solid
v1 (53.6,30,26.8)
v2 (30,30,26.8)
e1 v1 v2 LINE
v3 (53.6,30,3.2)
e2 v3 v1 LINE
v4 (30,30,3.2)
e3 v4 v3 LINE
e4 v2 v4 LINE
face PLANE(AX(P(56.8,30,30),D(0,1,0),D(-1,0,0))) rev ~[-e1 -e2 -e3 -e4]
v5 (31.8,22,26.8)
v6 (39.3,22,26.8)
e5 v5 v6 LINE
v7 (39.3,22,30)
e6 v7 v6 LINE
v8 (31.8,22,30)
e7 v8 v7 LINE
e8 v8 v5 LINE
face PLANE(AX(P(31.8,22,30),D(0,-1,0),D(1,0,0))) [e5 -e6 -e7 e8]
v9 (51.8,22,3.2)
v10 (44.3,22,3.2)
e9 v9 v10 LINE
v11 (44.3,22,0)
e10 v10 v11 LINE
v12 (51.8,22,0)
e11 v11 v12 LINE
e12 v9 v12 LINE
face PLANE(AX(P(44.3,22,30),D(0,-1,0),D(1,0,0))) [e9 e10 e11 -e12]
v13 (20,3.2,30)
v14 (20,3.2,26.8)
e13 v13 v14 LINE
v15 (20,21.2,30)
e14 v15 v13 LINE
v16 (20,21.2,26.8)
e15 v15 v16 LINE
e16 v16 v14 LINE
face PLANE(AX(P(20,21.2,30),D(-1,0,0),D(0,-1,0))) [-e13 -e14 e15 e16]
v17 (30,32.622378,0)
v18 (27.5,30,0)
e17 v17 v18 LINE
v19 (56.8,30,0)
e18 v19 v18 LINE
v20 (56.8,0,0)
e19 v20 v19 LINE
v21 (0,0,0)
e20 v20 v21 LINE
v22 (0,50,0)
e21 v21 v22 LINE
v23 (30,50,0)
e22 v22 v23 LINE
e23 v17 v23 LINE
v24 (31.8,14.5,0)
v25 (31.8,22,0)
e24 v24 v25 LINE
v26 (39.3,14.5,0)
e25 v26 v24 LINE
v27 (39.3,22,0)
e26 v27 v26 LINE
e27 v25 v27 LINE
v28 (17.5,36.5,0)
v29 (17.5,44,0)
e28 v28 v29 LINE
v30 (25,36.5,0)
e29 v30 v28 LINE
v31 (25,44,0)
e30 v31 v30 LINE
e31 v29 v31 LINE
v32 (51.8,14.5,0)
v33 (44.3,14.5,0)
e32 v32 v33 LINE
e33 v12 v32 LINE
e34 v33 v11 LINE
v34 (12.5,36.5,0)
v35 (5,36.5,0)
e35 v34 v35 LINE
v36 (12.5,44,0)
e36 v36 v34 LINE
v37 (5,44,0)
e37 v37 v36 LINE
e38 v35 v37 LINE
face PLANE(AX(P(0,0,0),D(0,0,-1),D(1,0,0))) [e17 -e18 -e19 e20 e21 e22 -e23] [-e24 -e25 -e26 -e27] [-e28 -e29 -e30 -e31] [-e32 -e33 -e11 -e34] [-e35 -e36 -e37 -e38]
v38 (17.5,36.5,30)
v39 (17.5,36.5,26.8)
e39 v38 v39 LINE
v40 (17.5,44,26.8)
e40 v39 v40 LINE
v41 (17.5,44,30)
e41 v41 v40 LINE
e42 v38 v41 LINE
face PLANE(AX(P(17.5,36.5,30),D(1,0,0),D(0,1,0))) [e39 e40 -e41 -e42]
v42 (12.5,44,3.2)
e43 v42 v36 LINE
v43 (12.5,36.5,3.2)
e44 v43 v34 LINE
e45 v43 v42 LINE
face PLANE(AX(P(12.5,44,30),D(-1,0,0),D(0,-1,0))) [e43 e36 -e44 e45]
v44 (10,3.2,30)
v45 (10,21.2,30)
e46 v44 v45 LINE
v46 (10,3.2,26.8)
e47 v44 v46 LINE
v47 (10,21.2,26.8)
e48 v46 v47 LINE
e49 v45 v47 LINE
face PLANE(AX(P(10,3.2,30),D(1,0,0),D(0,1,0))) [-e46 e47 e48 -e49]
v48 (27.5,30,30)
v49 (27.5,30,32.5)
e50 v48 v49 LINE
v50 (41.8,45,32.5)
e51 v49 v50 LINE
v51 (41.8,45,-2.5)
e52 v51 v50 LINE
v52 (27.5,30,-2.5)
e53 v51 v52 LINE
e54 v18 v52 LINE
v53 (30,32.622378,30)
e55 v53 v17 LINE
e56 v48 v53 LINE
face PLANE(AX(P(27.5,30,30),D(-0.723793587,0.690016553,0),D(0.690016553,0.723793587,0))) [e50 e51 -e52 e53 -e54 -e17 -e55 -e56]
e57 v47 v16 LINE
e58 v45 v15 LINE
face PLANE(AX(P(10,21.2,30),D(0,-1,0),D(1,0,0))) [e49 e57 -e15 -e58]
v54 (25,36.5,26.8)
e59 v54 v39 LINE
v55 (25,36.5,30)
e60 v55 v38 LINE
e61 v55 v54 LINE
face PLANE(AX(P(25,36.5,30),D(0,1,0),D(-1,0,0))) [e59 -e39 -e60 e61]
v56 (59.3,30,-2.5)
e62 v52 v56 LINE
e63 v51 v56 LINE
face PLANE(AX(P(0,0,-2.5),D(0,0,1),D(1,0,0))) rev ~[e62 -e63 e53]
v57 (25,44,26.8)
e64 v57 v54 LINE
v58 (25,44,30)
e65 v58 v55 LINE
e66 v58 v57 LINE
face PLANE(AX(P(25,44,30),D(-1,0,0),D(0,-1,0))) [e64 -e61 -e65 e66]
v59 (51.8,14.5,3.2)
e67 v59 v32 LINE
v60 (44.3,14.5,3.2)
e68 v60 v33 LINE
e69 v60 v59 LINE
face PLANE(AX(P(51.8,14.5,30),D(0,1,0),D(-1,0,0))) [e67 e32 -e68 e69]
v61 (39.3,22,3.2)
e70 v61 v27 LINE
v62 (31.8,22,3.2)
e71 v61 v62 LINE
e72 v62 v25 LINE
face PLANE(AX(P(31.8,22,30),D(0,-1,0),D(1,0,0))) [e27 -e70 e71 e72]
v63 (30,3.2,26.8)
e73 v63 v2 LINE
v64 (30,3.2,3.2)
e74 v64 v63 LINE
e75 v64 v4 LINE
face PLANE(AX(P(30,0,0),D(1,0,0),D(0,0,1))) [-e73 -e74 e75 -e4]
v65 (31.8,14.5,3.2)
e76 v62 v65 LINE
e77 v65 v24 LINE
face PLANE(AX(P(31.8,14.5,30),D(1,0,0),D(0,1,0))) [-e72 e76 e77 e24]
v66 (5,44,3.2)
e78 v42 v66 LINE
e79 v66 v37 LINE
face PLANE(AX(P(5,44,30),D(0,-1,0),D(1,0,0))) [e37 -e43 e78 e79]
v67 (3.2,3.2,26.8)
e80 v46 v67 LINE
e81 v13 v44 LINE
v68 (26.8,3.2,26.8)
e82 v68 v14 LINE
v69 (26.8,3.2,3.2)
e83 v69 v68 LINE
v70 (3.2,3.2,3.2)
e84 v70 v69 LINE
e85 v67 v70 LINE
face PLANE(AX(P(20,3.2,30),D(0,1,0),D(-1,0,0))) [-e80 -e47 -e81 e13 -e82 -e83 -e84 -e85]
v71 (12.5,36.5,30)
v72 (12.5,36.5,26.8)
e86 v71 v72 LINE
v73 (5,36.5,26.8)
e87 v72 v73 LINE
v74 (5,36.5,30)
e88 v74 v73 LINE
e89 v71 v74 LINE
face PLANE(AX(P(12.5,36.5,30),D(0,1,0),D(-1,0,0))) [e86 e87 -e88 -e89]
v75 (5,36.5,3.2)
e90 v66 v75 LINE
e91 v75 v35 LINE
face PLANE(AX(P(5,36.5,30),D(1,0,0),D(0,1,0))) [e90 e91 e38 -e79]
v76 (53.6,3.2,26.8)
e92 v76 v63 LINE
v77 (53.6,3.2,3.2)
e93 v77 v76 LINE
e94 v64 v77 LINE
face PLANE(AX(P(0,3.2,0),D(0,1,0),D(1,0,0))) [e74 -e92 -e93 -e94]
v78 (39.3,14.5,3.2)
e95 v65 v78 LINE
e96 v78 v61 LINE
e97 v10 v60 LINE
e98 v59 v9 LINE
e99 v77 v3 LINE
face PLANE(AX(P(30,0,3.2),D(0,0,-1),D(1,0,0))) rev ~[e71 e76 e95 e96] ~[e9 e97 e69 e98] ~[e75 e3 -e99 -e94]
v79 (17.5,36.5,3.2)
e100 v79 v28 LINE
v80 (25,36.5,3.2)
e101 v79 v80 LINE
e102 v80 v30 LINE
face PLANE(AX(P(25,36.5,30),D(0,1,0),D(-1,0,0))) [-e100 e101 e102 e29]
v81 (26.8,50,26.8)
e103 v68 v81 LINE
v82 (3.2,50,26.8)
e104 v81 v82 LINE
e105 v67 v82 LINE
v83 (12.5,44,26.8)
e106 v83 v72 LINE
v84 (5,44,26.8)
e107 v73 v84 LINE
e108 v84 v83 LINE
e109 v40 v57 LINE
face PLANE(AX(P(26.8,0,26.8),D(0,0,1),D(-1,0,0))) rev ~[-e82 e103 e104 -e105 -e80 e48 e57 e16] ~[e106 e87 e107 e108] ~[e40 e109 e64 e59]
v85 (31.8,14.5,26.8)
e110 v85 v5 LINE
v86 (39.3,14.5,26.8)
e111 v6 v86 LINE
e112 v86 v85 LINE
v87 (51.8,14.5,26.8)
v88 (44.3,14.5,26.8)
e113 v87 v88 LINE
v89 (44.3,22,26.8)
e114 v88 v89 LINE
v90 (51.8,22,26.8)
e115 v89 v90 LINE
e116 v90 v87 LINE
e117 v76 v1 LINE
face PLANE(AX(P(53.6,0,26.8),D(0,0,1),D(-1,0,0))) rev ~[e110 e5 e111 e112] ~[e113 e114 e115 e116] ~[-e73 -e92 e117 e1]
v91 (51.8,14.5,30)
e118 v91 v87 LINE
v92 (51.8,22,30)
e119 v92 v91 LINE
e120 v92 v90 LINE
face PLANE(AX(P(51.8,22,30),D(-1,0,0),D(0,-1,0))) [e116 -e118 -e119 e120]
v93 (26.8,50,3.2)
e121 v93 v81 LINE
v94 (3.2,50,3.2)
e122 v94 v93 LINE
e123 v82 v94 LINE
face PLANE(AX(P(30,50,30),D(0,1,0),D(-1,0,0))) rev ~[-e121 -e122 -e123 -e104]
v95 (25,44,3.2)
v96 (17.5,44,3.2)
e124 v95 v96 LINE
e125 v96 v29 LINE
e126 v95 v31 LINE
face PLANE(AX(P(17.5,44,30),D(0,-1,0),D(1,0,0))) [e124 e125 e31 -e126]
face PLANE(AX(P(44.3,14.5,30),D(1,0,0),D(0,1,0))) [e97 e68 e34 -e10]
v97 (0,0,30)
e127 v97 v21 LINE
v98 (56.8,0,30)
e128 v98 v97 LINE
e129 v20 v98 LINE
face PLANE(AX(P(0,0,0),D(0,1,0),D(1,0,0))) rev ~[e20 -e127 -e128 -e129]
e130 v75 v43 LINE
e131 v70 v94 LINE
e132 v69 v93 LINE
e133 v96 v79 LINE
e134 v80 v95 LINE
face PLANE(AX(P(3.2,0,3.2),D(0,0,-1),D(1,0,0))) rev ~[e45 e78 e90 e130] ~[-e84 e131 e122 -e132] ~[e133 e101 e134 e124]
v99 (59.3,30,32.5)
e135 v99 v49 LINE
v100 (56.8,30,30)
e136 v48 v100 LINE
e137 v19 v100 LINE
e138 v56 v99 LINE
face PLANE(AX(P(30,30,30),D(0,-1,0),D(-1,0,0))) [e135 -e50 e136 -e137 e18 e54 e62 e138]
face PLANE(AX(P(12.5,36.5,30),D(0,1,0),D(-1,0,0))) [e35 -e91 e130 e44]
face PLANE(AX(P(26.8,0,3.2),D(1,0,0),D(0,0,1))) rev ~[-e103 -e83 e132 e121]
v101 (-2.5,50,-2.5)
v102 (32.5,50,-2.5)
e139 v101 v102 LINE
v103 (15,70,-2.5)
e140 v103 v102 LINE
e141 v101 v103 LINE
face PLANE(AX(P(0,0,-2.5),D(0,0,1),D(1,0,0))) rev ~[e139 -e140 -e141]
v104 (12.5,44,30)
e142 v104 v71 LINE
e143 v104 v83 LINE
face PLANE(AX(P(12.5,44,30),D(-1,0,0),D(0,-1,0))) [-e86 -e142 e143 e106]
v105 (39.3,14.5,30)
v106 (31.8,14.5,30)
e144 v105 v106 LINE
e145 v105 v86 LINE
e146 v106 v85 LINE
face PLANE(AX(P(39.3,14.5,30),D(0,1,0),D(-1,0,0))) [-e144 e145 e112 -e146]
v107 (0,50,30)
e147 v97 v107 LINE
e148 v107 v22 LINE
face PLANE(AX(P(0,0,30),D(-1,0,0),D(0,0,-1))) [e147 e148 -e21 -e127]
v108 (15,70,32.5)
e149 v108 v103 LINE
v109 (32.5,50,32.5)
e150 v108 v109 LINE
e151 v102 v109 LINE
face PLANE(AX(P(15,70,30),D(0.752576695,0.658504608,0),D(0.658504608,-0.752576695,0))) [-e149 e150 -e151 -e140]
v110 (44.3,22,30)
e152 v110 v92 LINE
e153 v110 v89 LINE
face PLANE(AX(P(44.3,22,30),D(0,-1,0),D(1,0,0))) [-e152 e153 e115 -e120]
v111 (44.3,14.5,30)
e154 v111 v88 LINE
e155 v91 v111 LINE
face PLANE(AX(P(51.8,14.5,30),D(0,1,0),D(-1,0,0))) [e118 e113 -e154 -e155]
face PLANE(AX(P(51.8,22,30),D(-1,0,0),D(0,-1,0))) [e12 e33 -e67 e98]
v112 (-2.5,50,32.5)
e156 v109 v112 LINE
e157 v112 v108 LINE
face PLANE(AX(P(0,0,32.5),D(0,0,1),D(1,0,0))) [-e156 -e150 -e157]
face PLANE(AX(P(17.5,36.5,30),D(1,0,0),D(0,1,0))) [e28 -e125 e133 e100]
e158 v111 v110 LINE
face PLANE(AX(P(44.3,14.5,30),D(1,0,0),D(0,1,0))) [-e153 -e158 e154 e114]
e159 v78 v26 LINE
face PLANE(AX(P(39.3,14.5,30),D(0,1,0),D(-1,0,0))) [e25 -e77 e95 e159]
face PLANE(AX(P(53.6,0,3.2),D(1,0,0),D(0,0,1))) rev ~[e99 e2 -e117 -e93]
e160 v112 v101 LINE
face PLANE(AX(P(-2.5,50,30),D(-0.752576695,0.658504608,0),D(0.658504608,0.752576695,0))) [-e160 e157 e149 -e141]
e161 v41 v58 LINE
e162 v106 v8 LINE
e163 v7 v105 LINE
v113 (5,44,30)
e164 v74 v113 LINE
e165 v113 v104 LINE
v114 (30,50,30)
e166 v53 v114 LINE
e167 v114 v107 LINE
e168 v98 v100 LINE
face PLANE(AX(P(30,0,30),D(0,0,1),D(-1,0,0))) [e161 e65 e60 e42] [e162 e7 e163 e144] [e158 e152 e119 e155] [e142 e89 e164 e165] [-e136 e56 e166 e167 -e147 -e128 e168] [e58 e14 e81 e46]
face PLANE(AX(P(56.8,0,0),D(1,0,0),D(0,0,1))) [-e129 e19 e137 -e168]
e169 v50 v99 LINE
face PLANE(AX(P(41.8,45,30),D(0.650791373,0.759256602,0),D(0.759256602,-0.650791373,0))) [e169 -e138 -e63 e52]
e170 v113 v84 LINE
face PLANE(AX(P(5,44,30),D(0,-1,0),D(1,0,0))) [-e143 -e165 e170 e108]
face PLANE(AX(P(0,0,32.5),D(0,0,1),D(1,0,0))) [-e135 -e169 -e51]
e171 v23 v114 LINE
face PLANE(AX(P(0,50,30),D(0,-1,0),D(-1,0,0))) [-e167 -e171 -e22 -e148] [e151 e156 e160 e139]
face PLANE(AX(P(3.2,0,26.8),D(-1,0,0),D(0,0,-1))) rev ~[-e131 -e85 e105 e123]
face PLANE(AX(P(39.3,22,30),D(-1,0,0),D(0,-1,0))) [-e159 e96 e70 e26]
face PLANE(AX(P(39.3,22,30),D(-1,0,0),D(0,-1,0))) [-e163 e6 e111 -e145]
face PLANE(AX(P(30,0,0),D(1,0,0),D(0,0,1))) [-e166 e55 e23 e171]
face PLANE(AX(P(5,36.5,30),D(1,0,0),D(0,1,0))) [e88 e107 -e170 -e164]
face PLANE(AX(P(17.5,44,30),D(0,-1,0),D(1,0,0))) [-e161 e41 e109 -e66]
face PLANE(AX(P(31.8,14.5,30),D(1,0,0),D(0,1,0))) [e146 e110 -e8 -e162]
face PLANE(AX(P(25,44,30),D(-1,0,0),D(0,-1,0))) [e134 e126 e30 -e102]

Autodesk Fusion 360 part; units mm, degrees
sketch "Sketch1" plane through (0, 0, 0) normal (0, 1, 0) x (1, 0, 0)
  line L0 (0, 0) -> (30, 0)
  line L1 (30, 0) -> (30, -30)
  line L2 (30, -30) -> (0, -30)
  line L3 (0, -30) -> (0, 0)
  line L4 (3.2, -3.2) -> (26.8, -3.2)
  line L5 (26.8, -3.2) -> (26.8, -26.8)
  line L6 (26.8, -26.8) -> (3.2, -26.8)
  line L7 (3.2, -26.8) -> (3.2, -3.2)
  line L8 (30, 0) -> (56.8, 0)
  line L9 (56.8, 0) -> (56.8, -30)
  line L10 (56.8, -30) -> (30, -30)
  line L11 (30, -30) -> (30, 0)
  line L12 (30, -3.2) -> (53.6, -3.2)
  line L13 (53.6, -3.2) -> (53.6, -26.8)
  line L14 (53.6, -26.8) -> (30, -26.8)
  dimension "d7" = 30
  dimension "d8" = 30
  dimension "d9" = 3.2
  dimension "d10" = 3.2
  dimension "d11" = 3.2
  dimension "d12" = 3.2
  dimension "d13" = 26.8
  dimension "d14" = 30
  dimension "d15" = 3.2
  dimension "d16" = 3.2
  dimension "d17" = 3.2
extrude "Extrude1" add sketch "Sketch1" along normal blind 50 contours L0 L1 L2 L3 L11 makes body 1
extrude "Extrude2" add sketch "Sketch1" along normal blind 30 contours L1 L8 L9 L10 L11 L12 L13 L14 bodies 1
sketch "Sketch2" plane through (0, 0, 30) normal (0, 0, 1) x (1, 0, 0)
  line L0 (0, 0) -> (56.8, 0)
  line L1 (56.8, 0) -> (56.8, 30)
  line L2 (56.8, 30) -> (30, 30)
  line L3 (30, 30) -> (30, 50)
  line L4 (30, 50) -> (0, 50)
  line L5 (0, 50) -> (0, 0)
  line L6 (10, 21.2) -> (20, 21.2)
  line L7 (20, 21.2) -> (20, 3.2)
  line L8 (20, 3.2) -> (10, 3.2)
  line L9 (10, 3.2) -> (10, 21.2)
  line L10 (5, 44) -> (12.5, 44)
  line L11 (12.5, 44) -> (12.5, 36.5)
  line L12 (12.5, 36.5) -> (5, 36.5)
  line L13 (5, 36.5) -> (5, 44)
  line L14 (17.5, 44) -> (25, 44)
  line L15 (25, 44) -> (25, 36.5)
  line L16 (25, 36.5) -> (17.5, 36.5)
  line L17 (17.5, 36.5) -> (17.5, 44)
  line L18 (31.8, 22) -> (39.3, 22)
  line L19 (39.3, 22) -> (39.3, 14.5)
  line L20 (39.3, 14.5) -> (31.8, 14.5)
  line L21 (31.8, 14.5) -> (31.8, 22)
  line L22 (44.3, 22) -> (51.8, 22)
  line L23 (51.8, 22) -> (51.8, 14.5)
  line L24 (51.8, 14.5) -> (44.3, 14.5)
  line L25 (44.3, 14.5) -> (44.3, 22)
  line L26 (30, 0) -> (0, 0)
  line L27 (0, 50) -> (0, 50.5)
  line L28 (30, 50) -> (32.5, 50)
  line L29 (0, 50) -> (-2.5, 50)
  line L30 (-2.5, 50) -> (15, 70)
  line L31 (15, 70) -> (32.5, 50)
  line L32 (56.8, 30) -> (59.3, 30)
  line L33 (30, 30) -> (27.5, 30)
  line L34 (27.5, 30) -> (41.8, 45)
  line L35 (41.8, 45) -> (59.3, 30)
  dimension "d22" = 7.5
  dimension "d23" = 7.5
  dimension "d24" = 7.5
  dimension "d25" = 7.5
  dimension "d26" = 5
  dimension "d27" = 5
  dimension "d28" = 6
  dimension "d29" = 6
  dimension "d30" = 18
  dimension "d31" = 10
  dimension "d32" = 3.2
  dimension "d33" = 10
  dimension "d34" = 7.5
  dimension "d35" = 7.5
  dimension "d36" = 7.5
  dimension "d37" = 7.5
  dimension "d38" = 5
  dimension "d39" = 5
  dimension "d40" = 8
  dimension "d41" = 8
  dimension "d47" = 0.5
  dimension "d48" = 2.5
  dimension "d49" = 2.5
  dimension "d50" = 20
  dimension "d51" = 17.5
  dimension "d52" = 2.5
  dimension "d53" = 2.5
  dimension "d54" = 15
  dimension "d55" = 17.5
extrude "Extrude3" add sketch "Sketch1" along normal blind 3.2 contours L4 L5 L6 L7 bodies 1
extrude "Extrude4" add sketch "Sketch1" along normal blind 3.2 contours L1 L11 L12 L13 L14 bodies 1
extrude "Extrude5" add sketch "Sketch2" along normal blind 2.5 separate body contours L4 L28 L29 L30 L31 makes body 2
extrude "Extrude6" add sketch "Sketch2" along normal blind 2.5 separate body contours L2 L3 L32 L34 L35 makes body 3
extrude "Extrude7" add sketch "Sketch2" against normal blind 32.5 contours L4 L28 L29 L30 L31 bodies 1 2
extrude "Extrude8" add sketch "Sketch2" against normal blind 32.5 contours L2 L3 L32 L34 L35 bodies 1 3
extrude "Extrude9" add sketch "Sketch2" against normal blind 32.5 contours L3 L33 L34 bodies 1
extrude "Extrude10" add sketch "Sketch2" along normal blind 2.5 contours L3 L33 L34 bodies 1
extrude "Extrude11" cut sketch "Sketch2" against normal blind 3.2 contours L6 L7 L8 L9 bodies 1
extrude "Extrude12" cut sketch "Sketch2" against normal blind 30 contours L10 L11 L12 L13 | L14 L15 L16 L17 | L18 L19 L20 L21 | L22 L23 L24 L25 bodies 1
